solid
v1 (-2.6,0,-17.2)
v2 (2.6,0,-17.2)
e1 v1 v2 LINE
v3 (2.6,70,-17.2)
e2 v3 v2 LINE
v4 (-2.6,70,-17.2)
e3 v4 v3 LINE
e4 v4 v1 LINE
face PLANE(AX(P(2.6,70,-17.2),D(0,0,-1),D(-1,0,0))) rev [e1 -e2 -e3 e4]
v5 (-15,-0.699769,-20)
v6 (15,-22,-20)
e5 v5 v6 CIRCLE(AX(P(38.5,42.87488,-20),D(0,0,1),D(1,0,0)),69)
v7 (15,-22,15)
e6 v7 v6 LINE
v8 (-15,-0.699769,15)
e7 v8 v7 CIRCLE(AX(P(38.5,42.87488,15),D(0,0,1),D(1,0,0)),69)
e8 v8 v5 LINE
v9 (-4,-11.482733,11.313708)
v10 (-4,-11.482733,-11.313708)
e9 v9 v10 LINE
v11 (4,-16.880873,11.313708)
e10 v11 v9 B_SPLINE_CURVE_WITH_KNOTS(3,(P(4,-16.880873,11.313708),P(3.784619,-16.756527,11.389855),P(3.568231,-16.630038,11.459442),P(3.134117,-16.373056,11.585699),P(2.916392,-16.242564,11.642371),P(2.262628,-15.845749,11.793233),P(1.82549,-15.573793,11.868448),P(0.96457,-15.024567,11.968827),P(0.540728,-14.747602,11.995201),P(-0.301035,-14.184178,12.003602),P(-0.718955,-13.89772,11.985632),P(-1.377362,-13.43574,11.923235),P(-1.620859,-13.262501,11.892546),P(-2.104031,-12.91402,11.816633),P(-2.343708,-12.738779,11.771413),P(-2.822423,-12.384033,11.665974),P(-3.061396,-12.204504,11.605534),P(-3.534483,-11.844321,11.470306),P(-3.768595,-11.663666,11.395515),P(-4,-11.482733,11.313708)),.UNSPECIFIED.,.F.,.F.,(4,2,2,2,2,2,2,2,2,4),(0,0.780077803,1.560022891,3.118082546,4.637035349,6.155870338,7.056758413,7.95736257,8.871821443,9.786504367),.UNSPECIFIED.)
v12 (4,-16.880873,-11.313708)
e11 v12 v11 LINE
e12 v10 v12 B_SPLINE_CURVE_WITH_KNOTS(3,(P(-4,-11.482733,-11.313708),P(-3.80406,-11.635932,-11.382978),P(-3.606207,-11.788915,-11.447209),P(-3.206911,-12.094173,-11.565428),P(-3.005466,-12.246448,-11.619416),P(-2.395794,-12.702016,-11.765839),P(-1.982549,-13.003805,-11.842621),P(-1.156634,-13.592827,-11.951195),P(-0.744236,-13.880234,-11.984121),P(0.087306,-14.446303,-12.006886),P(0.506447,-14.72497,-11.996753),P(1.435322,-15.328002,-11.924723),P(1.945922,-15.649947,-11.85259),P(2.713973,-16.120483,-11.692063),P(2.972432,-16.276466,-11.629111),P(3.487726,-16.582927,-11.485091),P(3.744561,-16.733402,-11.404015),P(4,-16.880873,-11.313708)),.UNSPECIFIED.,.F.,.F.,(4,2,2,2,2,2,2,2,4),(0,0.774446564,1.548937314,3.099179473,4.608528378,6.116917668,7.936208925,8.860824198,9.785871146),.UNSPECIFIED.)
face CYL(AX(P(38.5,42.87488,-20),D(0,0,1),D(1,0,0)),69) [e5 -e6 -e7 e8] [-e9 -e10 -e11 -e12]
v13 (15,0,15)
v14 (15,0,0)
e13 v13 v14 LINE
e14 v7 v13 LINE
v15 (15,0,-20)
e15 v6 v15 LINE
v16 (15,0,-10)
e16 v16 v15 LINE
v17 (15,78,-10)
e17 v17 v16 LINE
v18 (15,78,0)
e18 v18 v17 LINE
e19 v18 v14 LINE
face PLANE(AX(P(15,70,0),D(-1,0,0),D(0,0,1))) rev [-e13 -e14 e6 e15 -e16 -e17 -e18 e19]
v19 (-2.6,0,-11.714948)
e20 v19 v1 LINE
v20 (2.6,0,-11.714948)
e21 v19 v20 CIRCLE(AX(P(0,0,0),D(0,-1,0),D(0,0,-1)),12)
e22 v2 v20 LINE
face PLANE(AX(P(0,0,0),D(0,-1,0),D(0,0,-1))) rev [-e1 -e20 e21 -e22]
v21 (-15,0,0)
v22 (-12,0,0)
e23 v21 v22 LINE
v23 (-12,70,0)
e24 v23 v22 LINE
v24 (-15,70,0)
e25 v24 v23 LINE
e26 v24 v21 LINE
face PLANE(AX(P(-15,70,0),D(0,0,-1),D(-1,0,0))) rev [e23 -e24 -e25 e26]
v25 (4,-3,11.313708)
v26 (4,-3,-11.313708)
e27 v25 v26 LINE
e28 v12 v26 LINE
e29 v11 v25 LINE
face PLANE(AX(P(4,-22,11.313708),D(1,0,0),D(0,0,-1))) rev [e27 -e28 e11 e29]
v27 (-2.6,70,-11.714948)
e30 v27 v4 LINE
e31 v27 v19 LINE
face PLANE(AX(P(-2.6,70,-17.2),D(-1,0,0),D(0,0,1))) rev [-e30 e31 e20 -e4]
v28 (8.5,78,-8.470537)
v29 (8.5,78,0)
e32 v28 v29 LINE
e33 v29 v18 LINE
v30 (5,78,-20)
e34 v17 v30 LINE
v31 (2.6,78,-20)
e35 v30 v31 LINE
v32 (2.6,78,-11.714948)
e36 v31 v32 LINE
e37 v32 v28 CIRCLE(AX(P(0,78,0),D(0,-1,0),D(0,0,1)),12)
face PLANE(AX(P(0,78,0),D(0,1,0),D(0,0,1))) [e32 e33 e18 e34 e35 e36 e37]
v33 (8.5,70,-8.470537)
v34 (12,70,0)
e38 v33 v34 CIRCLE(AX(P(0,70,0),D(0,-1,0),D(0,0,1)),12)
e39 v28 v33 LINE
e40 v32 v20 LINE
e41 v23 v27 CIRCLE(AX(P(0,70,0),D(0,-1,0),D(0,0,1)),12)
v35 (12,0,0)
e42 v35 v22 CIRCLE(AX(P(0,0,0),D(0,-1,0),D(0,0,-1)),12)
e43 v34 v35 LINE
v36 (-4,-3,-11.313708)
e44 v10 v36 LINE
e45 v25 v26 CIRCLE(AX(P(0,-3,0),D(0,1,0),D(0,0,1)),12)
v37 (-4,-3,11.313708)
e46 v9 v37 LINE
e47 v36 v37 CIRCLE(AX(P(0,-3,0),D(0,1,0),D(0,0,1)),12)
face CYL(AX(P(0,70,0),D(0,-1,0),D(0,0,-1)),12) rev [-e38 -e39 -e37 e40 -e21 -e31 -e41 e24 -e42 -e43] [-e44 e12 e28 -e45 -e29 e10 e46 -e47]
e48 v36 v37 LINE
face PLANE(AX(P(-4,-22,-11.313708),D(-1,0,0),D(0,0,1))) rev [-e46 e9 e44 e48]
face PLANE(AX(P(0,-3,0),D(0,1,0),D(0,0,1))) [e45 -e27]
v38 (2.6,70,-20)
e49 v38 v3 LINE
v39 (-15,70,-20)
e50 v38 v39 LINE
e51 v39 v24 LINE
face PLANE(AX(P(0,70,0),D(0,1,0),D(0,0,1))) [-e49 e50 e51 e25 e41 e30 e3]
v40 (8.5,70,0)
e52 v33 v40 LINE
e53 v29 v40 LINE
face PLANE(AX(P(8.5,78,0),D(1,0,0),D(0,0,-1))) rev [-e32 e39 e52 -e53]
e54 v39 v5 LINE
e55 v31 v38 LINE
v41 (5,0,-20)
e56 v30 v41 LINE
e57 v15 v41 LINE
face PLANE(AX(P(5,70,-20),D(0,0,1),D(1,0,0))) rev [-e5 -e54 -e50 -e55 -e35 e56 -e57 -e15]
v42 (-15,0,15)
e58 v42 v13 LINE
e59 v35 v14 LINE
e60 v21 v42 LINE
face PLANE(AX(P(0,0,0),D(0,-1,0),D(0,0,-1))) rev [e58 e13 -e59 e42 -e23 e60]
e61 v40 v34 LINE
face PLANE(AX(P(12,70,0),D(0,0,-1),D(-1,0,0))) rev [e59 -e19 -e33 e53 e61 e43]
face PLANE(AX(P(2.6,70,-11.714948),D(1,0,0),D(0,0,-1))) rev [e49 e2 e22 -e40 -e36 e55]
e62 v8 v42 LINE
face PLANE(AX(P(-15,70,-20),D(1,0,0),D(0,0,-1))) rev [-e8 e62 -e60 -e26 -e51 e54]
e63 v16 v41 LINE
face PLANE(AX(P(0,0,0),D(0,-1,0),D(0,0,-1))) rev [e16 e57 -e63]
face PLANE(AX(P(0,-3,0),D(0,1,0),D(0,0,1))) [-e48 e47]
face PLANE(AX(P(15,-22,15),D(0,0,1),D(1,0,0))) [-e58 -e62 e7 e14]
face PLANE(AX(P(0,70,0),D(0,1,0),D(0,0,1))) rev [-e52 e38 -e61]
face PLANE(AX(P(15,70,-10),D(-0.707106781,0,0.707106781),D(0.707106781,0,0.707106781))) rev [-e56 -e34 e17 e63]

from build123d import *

# Parameters (mm, degrees)
BOSS_EXTRUDE1_DEPTH     = 70
SKETCH5_W               = 30
SKETCH5_H               = 35
BOSS_EXTRUDE3_DEPTH     = 22
SKETCH6_R               = 108.03554
SKETCH6_R_2             = 69
CUT_EXTRUDE1_DEPTH      = 16
CUT_EXTRUDE1_DEPTH_BACK = 21
SKETCH7_R               = 12
CUT_EXTRUDE2_DEPTH      = 3
CUT_EXTRUDE3_DEPTH      = 23
BOSS_EXTRUDE4_DEPTH     = 8


with BuildPart() as part:
    # Sketch1 → Boss-Extrude1 (new body)
    with BuildSketch(Plane(origin=(0, 0, 0), x_dir=(-1, 0, 0), z_dir=(0, 1, 0))):
        with BuildLine():
            Line((-12, 0), (-15, 0))
            Line((-15, 0), (-15, -10))
            Line((-15, -10), (-5, -20))
            Line((-5, -20), (15, -20))
            Line((15, -20), (15, 0))
            Line((15, 0), (12, 0))
            ThreePointArc((12, 0), (9.359487, -7.509993), (2.6, -11.714948))
            Line((2.6, -11.714948), (2.6, -17.2))
            Line((2.6, -17.2), (-2.6, -17.2))
            Line((-2.6, -17.2), (-2.6, -11.714948))
            ThreePointArc((-2.6, -11.714948), (-9.359487, -7.509993), (-12, 0))
        make_face()
    extrude(amount=BOSS_EXTRUDE1_DEPTH)

    # Sketch5 → Boss-Extrude3 (add)
    with BuildSketch(Plane(origin=(0, 0, 0), x_dir=(-1, 0, 0), z_dir=(0, 1, 0))):
        with Locations((0, -2.5)):
            Rectangle(SKETCH5_W, SKETCH5_H)
    extrude(amount=-BOSS_EXTRUDE3_DEPTH)

    # Sketch6 → Cut-Extrude1 (cut, two sides)
    with BuildSketch(Plane(origin=(0, 0, 0), x_dir=(0, 1, 0), z_dir=(0, 0, 1))) as cut_extrude1_sk:
        with Locations((42.87488, -38.5)):
            Circle(SKETCH6_R)
        with Locations((42.87488, -38.5)):
            Circle(SKETCH6_R_2, mode=Mode.SUBTRACT)
    extrude(amount=CUT_EXTRUDE1_DEPTH, mode=Mode.SUBTRACT)
    extrude(cut_extrude1_sk.sketch, amount=-CUT_EXTRUDE1_DEPTH_BACK, mode=Mode.SUBTRACT)

    # Sketch7 → Cut-Extrude2 (cut)
    with BuildSketch(Plane(origin=(0, 0, 0), x_dir=(-1, 0, 0), z_dir=(0, 1, 0))):
        Circle(SKETCH7_R)
    extrude(amount=-CUT_EXTRUDE2_DEPTH, mode=Mode.SUBTRACT)

    # Sketch8 → Cut-Extrude3 (cut, through all)
    with BuildSketch(Plane(origin=(0, 0, 0), x_dir=(-1, 0, 0), z_dir=(0, 1, 0))):
        with BuildLine():
            Line((-4, 11.313708), (-4, -11.313708))
            ThreePointArc((-4, -11.313708), (0, -12), (4, -11.313708))
            Line((4, -11.313708), (4, 11.313708))
            ThreePointArc((4, 11.313708), (0, 12), (-4, 11.313708))
        make_face()
    extrude(amount=-CUT_EXTRUDE3_DEPTH, mode=Mode.SUBTRACT)

    # Sketch10 → Boss-Extrude4 (add)
    with BuildSketch(Plane(origin=(0, 70, 0), x_dir=(-1, 0, 0), z_dir=(0, 1, 0))):
        with BuildLine():
            Line((-15, -10), (-5, -20))
            Line((-5, -20), (-2.6, -20))
            Line((-2.6, -20), (-2.6, -11.714948))
            ThreePointArc((-2.6, -11.714948), (-5.782218, -10.515034), (-8.5, -8.470537))
            Line((-8.5, -8.470537), (-8.5, 0))
            Line((-8.5, 0), (-15, 0))
            Line((-15, 0), (-15, -10))
        make_face()
    extrude(amount=BOSS_EXTRUDE4_DEPTH)


solid = part.part
